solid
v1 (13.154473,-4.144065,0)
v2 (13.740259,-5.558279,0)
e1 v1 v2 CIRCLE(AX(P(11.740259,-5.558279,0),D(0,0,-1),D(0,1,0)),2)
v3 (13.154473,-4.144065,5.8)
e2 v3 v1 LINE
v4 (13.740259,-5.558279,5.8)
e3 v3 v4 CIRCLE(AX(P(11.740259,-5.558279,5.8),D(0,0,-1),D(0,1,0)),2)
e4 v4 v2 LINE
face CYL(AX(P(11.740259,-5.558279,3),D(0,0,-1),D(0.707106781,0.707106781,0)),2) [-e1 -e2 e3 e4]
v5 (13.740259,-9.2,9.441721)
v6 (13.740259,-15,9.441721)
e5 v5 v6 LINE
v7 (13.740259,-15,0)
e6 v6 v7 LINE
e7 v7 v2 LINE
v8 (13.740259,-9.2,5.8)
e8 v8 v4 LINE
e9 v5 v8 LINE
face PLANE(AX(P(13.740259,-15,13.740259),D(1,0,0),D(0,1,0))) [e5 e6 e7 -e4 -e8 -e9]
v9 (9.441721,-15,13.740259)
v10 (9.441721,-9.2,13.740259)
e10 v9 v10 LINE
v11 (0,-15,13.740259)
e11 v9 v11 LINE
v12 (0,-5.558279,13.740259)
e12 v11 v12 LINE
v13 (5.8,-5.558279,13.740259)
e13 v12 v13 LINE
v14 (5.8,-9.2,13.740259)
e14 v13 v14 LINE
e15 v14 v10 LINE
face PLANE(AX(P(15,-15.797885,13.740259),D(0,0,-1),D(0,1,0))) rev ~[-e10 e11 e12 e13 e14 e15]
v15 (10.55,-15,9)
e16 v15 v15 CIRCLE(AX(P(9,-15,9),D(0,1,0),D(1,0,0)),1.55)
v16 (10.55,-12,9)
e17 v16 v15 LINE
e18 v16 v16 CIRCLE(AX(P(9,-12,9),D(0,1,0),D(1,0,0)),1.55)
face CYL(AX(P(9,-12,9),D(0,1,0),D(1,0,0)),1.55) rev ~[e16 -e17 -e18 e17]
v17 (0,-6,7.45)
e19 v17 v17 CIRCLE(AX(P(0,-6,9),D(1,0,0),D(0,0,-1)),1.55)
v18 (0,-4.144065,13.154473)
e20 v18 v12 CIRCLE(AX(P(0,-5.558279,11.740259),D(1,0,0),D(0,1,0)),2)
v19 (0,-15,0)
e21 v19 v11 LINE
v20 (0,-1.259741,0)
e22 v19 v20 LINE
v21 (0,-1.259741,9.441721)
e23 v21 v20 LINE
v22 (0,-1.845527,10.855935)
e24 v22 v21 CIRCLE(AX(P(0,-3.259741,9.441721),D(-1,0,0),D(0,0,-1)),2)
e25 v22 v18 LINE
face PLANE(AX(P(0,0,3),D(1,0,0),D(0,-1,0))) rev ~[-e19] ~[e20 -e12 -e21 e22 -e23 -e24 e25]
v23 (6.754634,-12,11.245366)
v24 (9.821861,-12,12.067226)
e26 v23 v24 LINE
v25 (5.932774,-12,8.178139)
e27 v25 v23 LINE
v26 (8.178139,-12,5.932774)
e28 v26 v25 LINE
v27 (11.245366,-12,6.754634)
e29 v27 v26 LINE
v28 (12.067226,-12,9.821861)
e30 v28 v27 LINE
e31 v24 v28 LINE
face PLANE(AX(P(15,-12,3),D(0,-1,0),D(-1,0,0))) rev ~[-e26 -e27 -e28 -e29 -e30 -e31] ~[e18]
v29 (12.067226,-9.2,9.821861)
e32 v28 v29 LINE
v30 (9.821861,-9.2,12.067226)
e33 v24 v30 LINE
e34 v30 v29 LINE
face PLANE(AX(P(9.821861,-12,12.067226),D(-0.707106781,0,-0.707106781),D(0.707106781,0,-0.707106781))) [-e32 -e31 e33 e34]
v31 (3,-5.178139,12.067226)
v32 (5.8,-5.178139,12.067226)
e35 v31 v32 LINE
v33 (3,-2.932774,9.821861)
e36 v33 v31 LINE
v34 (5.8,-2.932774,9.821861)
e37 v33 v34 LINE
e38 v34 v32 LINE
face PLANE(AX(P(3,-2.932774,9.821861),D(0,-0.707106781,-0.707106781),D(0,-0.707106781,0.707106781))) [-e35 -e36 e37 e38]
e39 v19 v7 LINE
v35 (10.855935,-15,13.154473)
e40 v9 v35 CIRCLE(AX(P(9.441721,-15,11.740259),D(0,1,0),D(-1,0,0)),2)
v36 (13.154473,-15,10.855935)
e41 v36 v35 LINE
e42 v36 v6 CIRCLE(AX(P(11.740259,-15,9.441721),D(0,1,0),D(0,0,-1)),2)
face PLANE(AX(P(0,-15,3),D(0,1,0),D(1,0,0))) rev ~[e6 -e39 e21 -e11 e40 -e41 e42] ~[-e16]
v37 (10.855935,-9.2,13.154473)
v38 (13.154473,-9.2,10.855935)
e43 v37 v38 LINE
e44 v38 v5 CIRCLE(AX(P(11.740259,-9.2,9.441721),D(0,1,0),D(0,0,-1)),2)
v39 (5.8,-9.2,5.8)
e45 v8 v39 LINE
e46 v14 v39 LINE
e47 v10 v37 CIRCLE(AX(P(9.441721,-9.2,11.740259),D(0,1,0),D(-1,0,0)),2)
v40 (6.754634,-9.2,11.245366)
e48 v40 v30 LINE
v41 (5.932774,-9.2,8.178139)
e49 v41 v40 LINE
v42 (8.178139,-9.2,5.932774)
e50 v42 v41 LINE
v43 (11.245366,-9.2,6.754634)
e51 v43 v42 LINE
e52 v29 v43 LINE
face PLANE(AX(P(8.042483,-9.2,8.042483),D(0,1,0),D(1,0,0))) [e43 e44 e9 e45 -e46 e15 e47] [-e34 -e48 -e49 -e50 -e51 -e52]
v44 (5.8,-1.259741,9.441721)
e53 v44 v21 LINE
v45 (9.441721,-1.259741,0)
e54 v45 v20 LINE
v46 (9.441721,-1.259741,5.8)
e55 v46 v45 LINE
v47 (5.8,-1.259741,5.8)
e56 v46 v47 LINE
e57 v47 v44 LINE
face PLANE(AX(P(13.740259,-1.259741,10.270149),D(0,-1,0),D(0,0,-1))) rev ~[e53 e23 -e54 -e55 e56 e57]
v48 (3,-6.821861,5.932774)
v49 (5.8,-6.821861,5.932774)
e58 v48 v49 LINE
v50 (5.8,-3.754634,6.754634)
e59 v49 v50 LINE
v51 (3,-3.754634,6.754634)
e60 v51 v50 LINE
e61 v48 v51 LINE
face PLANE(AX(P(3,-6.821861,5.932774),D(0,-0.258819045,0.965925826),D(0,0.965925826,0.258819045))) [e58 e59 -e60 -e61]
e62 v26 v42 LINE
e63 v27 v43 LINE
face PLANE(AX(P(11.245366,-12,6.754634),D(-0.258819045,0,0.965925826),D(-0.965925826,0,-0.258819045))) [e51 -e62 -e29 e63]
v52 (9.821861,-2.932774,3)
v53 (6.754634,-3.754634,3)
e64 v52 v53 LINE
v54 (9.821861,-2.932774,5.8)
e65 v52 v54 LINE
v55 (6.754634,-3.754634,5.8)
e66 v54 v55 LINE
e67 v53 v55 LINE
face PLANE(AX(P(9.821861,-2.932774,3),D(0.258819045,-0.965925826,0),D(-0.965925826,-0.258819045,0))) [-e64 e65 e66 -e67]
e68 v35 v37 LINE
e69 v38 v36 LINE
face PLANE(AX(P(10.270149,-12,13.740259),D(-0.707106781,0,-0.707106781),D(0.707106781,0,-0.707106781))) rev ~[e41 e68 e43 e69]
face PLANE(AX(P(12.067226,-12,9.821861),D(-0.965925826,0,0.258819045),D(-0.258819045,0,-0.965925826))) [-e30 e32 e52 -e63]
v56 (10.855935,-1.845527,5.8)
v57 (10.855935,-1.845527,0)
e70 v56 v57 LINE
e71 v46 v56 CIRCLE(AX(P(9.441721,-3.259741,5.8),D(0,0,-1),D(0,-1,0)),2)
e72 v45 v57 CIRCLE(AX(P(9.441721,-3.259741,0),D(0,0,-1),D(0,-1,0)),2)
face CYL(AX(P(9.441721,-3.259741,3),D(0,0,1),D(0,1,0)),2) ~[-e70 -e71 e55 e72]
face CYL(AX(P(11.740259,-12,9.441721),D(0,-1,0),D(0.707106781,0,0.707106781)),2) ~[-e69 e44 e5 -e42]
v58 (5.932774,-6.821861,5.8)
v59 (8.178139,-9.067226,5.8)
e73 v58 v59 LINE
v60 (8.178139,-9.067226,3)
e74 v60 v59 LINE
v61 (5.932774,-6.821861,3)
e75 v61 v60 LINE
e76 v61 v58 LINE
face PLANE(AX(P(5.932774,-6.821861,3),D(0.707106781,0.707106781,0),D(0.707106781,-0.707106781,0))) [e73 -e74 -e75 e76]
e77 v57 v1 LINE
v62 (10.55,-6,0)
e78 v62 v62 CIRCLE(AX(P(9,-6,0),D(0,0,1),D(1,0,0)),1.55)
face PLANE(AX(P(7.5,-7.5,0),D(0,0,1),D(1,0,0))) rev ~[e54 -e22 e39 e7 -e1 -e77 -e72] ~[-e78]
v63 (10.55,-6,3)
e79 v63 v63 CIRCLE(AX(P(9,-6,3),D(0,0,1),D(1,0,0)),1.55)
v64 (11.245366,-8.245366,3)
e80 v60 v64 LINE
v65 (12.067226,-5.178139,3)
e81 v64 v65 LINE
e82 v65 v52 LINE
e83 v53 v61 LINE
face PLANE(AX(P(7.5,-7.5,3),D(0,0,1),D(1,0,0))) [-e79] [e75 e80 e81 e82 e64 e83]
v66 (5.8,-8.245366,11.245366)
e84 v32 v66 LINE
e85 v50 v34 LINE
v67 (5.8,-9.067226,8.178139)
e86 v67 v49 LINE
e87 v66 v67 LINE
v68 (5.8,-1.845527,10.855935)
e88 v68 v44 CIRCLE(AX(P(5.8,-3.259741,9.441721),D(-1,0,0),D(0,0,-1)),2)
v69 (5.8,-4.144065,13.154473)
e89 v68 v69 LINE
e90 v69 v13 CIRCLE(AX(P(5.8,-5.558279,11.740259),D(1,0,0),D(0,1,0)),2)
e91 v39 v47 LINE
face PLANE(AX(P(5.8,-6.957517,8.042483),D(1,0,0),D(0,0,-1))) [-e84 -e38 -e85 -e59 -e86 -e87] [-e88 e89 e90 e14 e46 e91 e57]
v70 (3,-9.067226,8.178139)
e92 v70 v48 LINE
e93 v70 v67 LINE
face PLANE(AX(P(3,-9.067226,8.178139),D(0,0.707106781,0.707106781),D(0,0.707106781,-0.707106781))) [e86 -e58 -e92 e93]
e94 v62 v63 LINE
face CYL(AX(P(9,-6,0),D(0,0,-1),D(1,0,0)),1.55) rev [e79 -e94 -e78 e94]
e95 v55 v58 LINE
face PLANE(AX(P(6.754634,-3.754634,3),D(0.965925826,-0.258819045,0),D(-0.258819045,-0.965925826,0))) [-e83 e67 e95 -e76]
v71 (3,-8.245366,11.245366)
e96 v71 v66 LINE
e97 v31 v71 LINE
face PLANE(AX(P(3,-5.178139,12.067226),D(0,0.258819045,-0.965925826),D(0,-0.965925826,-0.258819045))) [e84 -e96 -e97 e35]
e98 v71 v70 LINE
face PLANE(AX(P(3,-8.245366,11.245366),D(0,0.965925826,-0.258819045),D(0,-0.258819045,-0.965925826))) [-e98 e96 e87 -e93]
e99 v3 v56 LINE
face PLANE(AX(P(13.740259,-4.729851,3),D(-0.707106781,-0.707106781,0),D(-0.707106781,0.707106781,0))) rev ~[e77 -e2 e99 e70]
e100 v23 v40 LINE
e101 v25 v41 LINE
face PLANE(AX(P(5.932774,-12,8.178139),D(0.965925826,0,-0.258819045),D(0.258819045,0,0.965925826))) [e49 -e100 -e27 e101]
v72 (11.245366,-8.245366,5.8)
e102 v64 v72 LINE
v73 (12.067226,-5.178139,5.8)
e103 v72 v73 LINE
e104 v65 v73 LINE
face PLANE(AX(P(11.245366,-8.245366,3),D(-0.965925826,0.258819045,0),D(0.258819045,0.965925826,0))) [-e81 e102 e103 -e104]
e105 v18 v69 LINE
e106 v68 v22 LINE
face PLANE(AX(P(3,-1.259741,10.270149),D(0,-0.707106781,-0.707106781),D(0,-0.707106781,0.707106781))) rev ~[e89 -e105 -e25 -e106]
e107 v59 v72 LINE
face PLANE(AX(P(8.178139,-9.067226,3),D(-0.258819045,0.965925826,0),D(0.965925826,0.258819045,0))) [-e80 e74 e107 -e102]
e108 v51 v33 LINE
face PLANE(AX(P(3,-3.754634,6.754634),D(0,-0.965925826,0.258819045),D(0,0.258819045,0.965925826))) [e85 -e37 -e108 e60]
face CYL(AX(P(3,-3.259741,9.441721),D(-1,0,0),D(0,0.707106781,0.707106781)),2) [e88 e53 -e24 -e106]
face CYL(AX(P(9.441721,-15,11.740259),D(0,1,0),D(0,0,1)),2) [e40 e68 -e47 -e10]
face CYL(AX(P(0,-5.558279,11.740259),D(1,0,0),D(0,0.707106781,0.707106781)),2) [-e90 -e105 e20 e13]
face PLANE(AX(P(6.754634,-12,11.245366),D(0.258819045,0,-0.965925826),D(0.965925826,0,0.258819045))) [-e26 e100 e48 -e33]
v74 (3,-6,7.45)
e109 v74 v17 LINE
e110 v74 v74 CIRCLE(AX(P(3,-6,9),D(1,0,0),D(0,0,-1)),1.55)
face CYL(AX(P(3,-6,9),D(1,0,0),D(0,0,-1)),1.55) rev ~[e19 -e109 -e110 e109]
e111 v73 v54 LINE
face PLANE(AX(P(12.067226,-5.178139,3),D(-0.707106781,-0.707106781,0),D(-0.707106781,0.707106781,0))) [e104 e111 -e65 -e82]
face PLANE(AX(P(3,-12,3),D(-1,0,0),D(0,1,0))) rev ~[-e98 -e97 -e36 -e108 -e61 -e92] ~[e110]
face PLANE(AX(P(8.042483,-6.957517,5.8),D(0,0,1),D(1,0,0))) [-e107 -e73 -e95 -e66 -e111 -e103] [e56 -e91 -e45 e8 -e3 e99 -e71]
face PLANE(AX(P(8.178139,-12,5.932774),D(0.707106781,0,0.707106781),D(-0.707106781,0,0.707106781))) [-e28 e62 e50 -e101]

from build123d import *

# Parameters (mm, degrees)
IZIM1_W                     = 15
IZIM1_H                     = 15
IZIM1_R                     = 1.55
Y_KSEKLIK_EKSTR_ZYON1_DEPTH = 3
Y_KSEKLIK_EKSTR_ZYON2_DEPTH = 12
IZIM3_R                     = 1.55
KES_EKSTR_ZYON1_DEPTH       = 4
IZIM4_R                     = 1.55
KES_EKSTR_ZYON2_DEPTH       = 4
Y_KSEKLIK_EKSTR_ZYON3_DEPTH = 2.8
Y_KSEKLIK_EKSTR_ZYON4_DEPTH = 2.8
Y_KSEKLIK_EKSTR_ZYON5_DEPTH = 2.8
KES_EKSTR_ZYON3_DEPTH       = 3
KES_EKSTR_ZYON4_DEPTH       = 3
KES_EKSTR_ZYON5_DEPTH       = 3
IZIM13_W                    = 2.049280952
IZIM13_H                    = 12.849743754
KES_EKSTR_ZYON6_DEPTH       = 16
IZIM14_W                    = 1.259740945
IZIM14_H                    = 10.270148586
KES_EKSTR_ZYON7_DEPTH       = 16
IZIM15_W                    = 10.270148586
IZIM15_H                    = 1.259740945
KES_EKSTR_ZYON8_DEPTH       = 16
RADYUS1_R                   = 2


with BuildPart() as part:
    # Çizim1 → Yükseklik-Ekstrüzyon1 (new body)
    with BuildSketch(Plane.XY):
        with Locations((7.5, -7.5)):
            Rectangle(IZIM1_W, IZIM1_H)
        with Locations((9, -6)):
            Circle(IZIM1_R, mode=Mode.SUBTRACT)
    extrude(amount=Y_KSEKLIK_EKSTR_ZYON1_DEPTH)

    # Çizim2 → Yükseklik-Ekstrüzyon2 (add)
    with BuildSketch(Plane.XY.offset(3)):
        Polygon((0, 0), (0, -15), (15, -15), (15, -12), (3, -12), (3, 0), align=None)
    extrude(amount=Y_KSEKLIK_EKSTR_ZYON2_DEPTH)

    # Çizim3 → Kes-Ekstrüzyon1 (cut, through all)
    with BuildSketch(Plane(origin=(0, -12, 0), x_dir=(1, 0, 0), z_dir=(0, 1, 0))):
        with Locations((9, -9)):
            Circle(IZIM3_R)
    extrude(amount=-KES_EKSTR_ZYON1_DEPTH, mode=Mode.SUBTRACT)

    # Çizim4 → Kes-Ekstrüzyon2 (cut, through all)
    with BuildSketch(Plane(origin=(3, 0, 0), x_dir=(0, 0, -1), z_dir=(1, 0, 0))):
        with Locations((-9, -6)):
            Circle(IZIM4_R)
    extrude(amount=-KES_EKSTR_ZYON2_DEPTH, mode=Mode.SUBTRACT)

    # Çizim5 → Yükseklik-Ekstrüzyon3 (add)
    with BuildSketch(Plane.XY.offset(3)):
        Polygon((13.740259055, -4.729851414), (10.270148586, -1.259740945), (3, -1.259740945), (3, -12), (13.740259055, -12), align=None)
        Polygon((12.067226447, -5.178139151), (9.821860849, -2.932773553), (6.754634402, -3.754634402), (5.932773553, -6.821860849), (8.178139151, -9.067226447), (11.245365598, -8.245365598), align=None, mode=Mode.SUBTRACT)
    extrude(amount=Y_KSEKLIK_EKSTR_ZYON3_DEPTH)

    # Çizim6 → Yükseklik-Ekstrüzyon4 (add)
    with BuildSketch(Plane(origin=(0, -12, 0), x_dir=(1, 0, 0), z_dir=(0, 1, 0))):
        Polygon((10.270148586, -13.740259055), (13.740259055, -10.270148586), (13.740259055, -3), (3, -3), (3, -13.740259055), (5.529889531, -13.740259055), align=None)
        Polygon((12.067226447, -9.821860849), (11.245365598, -6.754634402), (8.178139151, -5.932773553), (5.932773553, -8.178139151), (6.754634402, -11.245365598), (9.821860849, -12.067226447), align=None, mode=Mode.SUBTRACT)
    extrude(amount=Y_KSEKLIK_EKSTR_ZYON4_DEPTH)

    # Çizim7 → Yükseklik-Ekstrüzyon5 (add)
    with BuildSketch(Plane(origin=(3, 0, 0), x_dir=(0, 0, -1), z_dir=(1, 0, 0))):
        Polygon((-10.270148586, -1.259740945), (-13.740259055, -4.729851414), (-13.740259055, -12), (-3, -12), (-3, -1.259740945), align=None)
        Polygon((-11.245365598, -8.245365598), (-8.178139151, -9.067226447), (-5.932773553, -6.821860849), (-6.754634402, -3.754634402), (-9.821860849, -2.932773553), (-12.067226447, -5.178139151), align=None, mode=Mode.SUBTRACT)
    extrude(amount=Y_KSEKLIK_EKSTR_ZYON5_DEPTH)

    # Çizim9 → Kes-Ekstrüzyon3 (cut)
    with BuildSketch(Plane.XY.offset(3)):
        Polygon((9.01040764, 0), (15, -5.98959236), (15, 0), align=None)
    extrude(amount=-KES_EKSTR_ZYON3_DEPTH, mode=Mode.SUBTRACT)

    # Çizim10 → Kes-Ekstrüzyon4 (cut)
    with BuildSketch(Plane(origin=(0, -12, 0), x_dir=(1, 0, 0), z_dir=(0, 1, 0))):
        Polygon((15, -9.01040764), (9.01040764, -15), (15, -15), align=None)
    extrude(amount=-KES_EKSTR_ZYON4_DEPTH, mode=Mode.SUBTRACT)

    # Çizim11 → Kes-Ekstrüzyon5 (cut)
    with BuildSketch(Plane(origin=(3, 0, 0), x_dir=(0, 0, -1), z_dir=(1, 0, 0))):
        Polygon((-9.01040764, 0), (-15, -5.98959236), (-15, 0), align=None)
    extrude(amount=-KES_EKSTR_ZYON5_DEPTH, mode=Mode.SUBTRACT)

    # Çizim13 → Kes-Ekstrüzyon6 (cut)
    with BuildSketch(Plane(origin=(15, 0, 0), x_dir=(0, 0, -1), z_dir=(1, 0, 0))):
        with Locations((-14.764899531, -9.373013496)):
            Rectangle(IZIM13_W, IZIM13_H)
    extrude(amount=-KES_EKSTR_ZYON6_DEPTH, mode=Mode.SUBTRACT)

    # Çizim14 → Kes-Ekstrüzyon7 (cut)
    with BuildSketch(Plane.XY.offset(13.740259055)):
        with Locations((14.370129528, -9.864925707)):
            Rectangle(IZIM14_W, IZIM14_H)
    extrude(amount=-KES_EKSTR_ZYON7_DEPTH, mode=Mode.SUBTRACT)

    # Çizim15 → Kes-Ekstrüzyon8 (cut)
    with BuildSketch(Plane(origin=(13.740259055, 0, 0), x_dir=(0, 0, -1), z_dir=(1, 0, 0))):
        with Locations((-5.135074293, -0.629870473)):
            Rectangle(IZIM15_W, IZIM15_H)
    extrude(amount=-KES_EKSTR_ZYON8_DEPTH, mode=Mode.SUBTRACT)

    # Radyus1
    radyus1_edges = [part.edges().sort_by_distance(p)[0] for p in [
        (2.9, -4.729851414, 13.740259055),
        (2.9, -1.259740945, 10.270148586),
        (13.740259055, -4.729851414, 2.9),
        (10.270148586, -1.259740945, 2.9),
        (13.740259055, -12.1, 10.270148586),
        (10.270148586, -12.1, 13.740259055),
    ]]
    fillet(radyus1_edges, radius=RADYUS1_R)


solid = part.part
